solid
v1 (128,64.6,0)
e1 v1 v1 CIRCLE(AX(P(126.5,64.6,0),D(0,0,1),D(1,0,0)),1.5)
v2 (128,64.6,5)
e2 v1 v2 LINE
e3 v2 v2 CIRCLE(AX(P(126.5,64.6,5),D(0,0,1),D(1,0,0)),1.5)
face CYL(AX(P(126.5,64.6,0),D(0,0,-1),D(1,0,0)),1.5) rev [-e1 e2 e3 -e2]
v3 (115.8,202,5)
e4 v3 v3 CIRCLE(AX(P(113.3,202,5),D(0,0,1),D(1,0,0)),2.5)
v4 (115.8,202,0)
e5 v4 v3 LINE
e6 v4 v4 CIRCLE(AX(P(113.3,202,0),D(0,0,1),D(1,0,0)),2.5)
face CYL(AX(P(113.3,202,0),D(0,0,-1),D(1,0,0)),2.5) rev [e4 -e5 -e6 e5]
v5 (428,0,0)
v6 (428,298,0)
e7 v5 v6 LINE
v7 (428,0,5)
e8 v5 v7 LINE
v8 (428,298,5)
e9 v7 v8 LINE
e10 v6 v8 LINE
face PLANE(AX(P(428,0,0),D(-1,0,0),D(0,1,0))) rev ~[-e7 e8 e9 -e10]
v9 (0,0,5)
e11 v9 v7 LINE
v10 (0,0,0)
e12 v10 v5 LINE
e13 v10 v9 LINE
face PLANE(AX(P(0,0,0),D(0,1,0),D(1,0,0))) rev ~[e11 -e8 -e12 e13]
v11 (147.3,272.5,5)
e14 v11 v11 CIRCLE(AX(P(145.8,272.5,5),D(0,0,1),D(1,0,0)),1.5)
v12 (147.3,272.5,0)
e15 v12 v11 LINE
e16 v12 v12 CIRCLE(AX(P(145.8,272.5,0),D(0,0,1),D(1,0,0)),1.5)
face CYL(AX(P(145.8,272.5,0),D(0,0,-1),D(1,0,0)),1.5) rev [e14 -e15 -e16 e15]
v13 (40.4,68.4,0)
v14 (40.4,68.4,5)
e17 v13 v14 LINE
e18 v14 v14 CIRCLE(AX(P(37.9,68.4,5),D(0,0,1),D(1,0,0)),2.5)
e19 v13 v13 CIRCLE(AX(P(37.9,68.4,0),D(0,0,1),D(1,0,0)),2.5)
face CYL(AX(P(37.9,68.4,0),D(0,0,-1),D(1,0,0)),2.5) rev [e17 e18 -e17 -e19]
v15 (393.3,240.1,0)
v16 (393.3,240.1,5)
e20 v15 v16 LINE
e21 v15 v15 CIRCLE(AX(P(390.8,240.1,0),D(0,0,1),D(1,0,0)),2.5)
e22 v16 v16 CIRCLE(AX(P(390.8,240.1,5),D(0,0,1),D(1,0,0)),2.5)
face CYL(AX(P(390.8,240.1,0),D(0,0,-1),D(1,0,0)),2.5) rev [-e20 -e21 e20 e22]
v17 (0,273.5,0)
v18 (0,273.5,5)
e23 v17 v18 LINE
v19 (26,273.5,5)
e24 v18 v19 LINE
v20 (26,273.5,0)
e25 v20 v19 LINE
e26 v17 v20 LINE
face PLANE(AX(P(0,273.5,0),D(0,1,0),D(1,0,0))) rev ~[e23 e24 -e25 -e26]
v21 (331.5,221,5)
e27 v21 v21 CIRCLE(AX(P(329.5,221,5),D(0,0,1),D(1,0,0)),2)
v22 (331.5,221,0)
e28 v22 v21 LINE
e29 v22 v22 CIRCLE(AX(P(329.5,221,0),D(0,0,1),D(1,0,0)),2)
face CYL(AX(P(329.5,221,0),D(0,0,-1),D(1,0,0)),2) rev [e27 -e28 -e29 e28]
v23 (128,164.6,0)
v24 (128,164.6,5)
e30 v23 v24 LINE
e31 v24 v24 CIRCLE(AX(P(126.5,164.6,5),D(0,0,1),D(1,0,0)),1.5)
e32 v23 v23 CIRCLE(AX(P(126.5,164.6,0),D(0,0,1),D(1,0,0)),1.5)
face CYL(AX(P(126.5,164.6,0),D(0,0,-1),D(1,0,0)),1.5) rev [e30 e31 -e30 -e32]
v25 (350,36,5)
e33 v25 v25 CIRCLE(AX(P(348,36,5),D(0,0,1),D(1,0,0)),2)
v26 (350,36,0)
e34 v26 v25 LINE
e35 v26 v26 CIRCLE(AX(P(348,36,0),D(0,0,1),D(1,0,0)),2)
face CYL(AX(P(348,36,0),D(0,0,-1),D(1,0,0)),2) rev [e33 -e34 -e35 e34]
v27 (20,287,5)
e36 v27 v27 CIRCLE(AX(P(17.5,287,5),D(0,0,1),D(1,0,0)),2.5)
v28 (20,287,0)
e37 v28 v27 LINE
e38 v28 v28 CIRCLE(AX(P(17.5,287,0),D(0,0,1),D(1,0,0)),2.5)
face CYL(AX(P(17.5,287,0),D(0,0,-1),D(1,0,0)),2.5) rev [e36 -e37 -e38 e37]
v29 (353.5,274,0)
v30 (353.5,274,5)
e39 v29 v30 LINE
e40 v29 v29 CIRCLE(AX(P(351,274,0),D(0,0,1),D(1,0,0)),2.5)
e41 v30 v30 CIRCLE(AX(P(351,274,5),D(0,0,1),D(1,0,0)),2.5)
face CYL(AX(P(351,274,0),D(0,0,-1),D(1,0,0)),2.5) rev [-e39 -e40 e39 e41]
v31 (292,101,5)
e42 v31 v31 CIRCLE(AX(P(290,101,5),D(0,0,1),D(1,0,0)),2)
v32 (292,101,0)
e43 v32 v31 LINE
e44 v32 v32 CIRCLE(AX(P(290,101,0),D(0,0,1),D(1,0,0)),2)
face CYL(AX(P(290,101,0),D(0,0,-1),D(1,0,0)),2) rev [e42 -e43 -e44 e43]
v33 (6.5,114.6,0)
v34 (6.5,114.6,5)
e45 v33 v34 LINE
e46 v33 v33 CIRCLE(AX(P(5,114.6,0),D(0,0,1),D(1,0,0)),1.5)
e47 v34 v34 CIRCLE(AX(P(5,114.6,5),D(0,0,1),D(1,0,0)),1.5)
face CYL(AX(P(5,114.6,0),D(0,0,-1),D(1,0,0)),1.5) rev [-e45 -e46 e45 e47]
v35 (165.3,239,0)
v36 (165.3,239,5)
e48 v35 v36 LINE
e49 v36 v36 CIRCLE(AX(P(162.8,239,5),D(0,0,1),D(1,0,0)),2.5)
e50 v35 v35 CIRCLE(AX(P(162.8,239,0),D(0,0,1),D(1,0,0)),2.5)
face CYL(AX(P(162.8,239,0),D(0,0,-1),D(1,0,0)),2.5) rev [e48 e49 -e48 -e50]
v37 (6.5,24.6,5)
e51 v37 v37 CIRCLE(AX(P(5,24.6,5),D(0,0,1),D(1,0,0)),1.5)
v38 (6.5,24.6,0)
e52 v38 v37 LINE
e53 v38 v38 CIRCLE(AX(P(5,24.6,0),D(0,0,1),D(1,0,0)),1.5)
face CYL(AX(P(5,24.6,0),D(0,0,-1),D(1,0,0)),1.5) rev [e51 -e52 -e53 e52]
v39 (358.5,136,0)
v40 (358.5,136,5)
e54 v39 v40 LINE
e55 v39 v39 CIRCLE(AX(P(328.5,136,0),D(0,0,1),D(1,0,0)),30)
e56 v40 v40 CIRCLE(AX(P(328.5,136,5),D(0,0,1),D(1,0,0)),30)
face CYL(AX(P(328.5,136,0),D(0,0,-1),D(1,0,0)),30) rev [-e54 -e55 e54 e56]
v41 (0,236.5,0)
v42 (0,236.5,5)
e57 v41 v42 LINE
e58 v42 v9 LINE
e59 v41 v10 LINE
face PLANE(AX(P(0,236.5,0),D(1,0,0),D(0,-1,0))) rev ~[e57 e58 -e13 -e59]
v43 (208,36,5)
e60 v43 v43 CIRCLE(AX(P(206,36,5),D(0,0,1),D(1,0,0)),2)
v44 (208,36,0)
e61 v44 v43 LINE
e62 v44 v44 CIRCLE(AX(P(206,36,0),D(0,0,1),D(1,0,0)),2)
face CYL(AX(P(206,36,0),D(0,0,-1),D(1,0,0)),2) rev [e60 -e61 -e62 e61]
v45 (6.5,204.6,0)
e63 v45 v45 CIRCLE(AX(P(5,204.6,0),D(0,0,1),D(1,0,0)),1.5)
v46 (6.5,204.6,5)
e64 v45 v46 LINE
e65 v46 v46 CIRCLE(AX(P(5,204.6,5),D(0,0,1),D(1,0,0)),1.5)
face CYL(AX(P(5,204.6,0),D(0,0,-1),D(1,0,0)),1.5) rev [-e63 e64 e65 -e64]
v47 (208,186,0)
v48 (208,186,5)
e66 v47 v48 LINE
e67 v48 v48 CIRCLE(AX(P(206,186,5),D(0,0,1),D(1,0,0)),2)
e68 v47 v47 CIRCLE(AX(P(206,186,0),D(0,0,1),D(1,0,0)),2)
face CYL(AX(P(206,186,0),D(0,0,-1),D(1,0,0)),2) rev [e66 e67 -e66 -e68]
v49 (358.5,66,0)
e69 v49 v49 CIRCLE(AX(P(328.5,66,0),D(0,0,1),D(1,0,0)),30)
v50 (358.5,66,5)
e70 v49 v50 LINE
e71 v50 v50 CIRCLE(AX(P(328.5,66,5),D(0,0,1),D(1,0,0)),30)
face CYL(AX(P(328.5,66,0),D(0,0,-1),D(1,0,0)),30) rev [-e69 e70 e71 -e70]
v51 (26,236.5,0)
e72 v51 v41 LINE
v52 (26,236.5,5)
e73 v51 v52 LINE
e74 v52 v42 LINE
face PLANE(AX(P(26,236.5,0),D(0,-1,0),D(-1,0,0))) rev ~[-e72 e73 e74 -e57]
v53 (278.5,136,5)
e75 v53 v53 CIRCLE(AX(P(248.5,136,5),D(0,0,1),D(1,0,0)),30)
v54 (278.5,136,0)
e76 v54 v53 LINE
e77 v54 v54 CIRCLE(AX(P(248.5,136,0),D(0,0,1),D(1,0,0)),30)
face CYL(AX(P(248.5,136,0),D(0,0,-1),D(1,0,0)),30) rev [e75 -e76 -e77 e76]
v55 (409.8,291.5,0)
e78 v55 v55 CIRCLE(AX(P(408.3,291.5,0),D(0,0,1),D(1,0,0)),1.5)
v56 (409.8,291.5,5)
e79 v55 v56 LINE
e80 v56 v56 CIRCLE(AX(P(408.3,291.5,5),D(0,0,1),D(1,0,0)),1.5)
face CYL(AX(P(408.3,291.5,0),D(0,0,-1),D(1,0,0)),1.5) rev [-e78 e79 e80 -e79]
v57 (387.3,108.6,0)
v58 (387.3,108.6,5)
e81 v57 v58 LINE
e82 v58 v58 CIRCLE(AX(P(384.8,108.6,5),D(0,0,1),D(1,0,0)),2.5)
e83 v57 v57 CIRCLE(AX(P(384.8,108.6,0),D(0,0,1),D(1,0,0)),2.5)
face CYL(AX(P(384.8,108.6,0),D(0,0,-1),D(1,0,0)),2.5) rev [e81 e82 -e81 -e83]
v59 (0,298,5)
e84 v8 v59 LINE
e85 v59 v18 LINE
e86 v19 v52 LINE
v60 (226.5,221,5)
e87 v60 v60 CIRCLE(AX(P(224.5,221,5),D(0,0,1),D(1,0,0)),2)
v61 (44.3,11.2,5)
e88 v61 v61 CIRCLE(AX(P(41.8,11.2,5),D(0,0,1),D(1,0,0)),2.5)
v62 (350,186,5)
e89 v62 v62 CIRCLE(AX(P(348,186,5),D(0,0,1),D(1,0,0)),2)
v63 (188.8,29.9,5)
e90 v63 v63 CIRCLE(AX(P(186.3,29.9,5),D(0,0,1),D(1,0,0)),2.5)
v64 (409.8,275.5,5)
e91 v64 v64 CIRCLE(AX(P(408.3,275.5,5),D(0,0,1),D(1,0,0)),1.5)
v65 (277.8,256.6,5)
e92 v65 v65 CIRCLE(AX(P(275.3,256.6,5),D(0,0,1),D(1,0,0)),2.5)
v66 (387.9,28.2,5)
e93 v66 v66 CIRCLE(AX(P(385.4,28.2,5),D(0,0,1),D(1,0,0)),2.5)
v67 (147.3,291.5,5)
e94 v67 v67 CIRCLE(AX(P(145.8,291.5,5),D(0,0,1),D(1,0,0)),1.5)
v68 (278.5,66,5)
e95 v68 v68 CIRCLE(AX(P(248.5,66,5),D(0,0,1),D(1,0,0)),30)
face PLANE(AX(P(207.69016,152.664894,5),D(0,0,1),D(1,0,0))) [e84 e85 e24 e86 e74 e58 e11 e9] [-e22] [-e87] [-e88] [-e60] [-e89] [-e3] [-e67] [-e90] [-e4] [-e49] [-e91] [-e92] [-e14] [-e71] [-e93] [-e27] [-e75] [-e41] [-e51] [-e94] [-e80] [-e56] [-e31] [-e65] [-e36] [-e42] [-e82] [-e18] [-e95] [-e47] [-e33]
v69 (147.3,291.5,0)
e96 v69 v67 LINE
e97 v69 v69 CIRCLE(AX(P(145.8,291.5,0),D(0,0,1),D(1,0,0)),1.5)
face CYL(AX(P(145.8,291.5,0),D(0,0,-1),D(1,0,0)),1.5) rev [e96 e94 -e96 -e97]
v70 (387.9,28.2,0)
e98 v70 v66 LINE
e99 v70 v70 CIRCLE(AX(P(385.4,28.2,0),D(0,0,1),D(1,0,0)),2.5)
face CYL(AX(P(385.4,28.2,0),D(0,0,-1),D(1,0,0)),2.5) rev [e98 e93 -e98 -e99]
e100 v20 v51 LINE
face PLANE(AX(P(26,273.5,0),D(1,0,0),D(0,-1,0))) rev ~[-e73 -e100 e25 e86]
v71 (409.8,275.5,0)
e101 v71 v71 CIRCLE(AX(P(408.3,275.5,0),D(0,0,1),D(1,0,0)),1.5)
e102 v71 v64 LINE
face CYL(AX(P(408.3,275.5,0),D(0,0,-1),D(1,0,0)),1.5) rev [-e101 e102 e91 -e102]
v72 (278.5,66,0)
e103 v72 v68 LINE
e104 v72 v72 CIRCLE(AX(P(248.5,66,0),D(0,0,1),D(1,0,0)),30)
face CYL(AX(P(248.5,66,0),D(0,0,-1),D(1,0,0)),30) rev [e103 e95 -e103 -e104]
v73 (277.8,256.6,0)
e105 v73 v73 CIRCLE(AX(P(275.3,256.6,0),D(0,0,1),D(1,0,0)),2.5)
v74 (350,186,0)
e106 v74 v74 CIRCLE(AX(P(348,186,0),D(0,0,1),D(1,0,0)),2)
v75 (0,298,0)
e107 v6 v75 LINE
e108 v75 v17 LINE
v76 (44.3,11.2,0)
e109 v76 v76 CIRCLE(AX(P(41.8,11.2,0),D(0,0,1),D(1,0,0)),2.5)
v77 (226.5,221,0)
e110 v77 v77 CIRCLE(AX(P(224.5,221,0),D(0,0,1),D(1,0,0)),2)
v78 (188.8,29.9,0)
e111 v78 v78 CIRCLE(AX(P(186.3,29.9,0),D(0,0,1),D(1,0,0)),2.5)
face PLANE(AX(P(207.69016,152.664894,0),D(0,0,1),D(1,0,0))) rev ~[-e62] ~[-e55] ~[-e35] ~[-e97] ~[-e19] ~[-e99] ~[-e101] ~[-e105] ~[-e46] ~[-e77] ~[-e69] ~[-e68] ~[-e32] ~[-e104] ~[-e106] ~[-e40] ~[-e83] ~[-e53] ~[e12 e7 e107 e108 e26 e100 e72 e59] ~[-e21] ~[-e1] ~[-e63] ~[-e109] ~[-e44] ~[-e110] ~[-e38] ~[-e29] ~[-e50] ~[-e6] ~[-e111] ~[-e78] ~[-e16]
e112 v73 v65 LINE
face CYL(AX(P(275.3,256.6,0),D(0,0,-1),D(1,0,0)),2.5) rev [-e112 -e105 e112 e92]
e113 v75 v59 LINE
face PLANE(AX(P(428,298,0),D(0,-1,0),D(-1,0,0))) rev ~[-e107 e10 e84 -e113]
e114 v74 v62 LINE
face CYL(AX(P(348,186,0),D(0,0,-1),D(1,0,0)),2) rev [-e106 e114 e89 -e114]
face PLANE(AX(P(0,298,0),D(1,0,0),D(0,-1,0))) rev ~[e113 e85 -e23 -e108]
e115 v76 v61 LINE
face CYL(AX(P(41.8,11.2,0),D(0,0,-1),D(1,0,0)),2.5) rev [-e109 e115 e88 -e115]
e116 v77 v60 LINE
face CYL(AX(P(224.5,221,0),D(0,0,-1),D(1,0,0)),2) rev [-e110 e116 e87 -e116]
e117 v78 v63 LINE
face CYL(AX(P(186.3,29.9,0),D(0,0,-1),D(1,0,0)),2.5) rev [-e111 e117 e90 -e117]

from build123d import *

# Parameters (mm, degrees)
F0_R     = 2.5
F0_R_2   = 1.5
F0_R_3   = 2
F0_R_4   = 30
F1_DEPTH = 5


with BuildPart() as f1:
    # F0 (on Top) → F1 (new body)
    with BuildSketch(Plane.XY):
        Polygon((428, 298), (0, 298), (0, 273.5), (26, 273.5), (26, 236.5), (0, 236.5), (0, 0), (428, 0), align=None)
        with Locations((41.8, 11.2)):
            Circle(F0_R, mode=Mode.SUBTRACT)
        with Locations((5, 24.6)):
            Circle(F0_R_2, mode=Mode.SUBTRACT)
        with Locations((37.9, 68.4)):
            Circle(F0_R, mode=Mode.SUBTRACT)
        with Locations((186.3, 29.9)):
            Circle(F0_R, mode=Mode.SUBTRACT)
        with Locations((206, 36)):
            Circle(F0_R_3, mode=Mode.SUBTRACT)
        with Locations((126.5, 64.6)):
            Circle(F0_R_2, mode=Mode.SUBTRACT)
        with Locations((5, 114.6)):
            Circle(F0_R_2, mode=Mode.SUBTRACT)
        with Locations((248.5, 66)):
            Circle(F0_R_4, mode=Mode.SUBTRACT)
        with Locations((348, 36)):
            Circle(F0_R_3, mode=Mode.SUBTRACT)
        with Locations((385.4, 28.2)):
            Circle(F0_R, mode=Mode.SUBTRACT)
        with Locations((328.5, 66)):
            Circle(F0_R_4, mode=Mode.SUBTRACT)
        with Locations((290, 101)):
            Circle(F0_R_3, mode=Mode.SUBTRACT)
        with Locations((248.5, 136)):
            Circle(F0_R_4, mode=Mode.SUBTRACT)
        with Locations((384.8, 108.6)):
            Circle(F0_R, mode=Mode.SUBTRACT)
        with Locations((328.5, 136)):
            Circle(F0_R_4, mode=Mode.SUBTRACT)
        with Locations((5, 204.6)):
            Circle(F0_R_2, mode=Mode.SUBTRACT)
        with Locations((126.5, 164.6)):
            Circle(F0_R_2, mode=Mode.SUBTRACT)
        with Locations((206, 186)):
            Circle(F0_R_3, mode=Mode.SUBTRACT)
        with Locations((113.3, 202)):
            Circle(F0_R, mode=Mode.SUBTRACT)
        with Locations((17.5, 287)):
            Circle(F0_R, mode=Mode.SUBTRACT)
        with Locations((162.8, 239)):
            Circle(F0_R, mode=Mode.SUBTRACT)
        with Locations((145.8, 272.5)):
            Circle(F0_R_2, mode=Mode.SUBTRACT)
        with Locations((145.8, 291.5)):
            Circle(F0_R_2, mode=Mode.SUBTRACT)
        with Locations((224.5, 221)):
            Circle(F0_R_3, mode=Mode.SUBTRACT)
        with Locations((348, 186)):
            Circle(F0_R_3, mode=Mode.SUBTRACT)
        with Locations((329.5, 221)):
            Circle(F0_R_3, mode=Mode.SUBTRACT)
        with Locations((275.3, 256.6)):
            Circle(F0_R, mode=Mode.SUBTRACT)
        with Locations((390.8, 240.1)):
            Circle(F0_R, mode=Mode.SUBTRACT)
        with Locations((351, 274)):
            Circle(F0_R, mode=Mode.SUBTRACT)
        with Locations((408.3, 275.5)):
            Circle(F0_R_2, mode=Mode.SUBTRACT)
        with Locations((408.3, 291.5)):
            Circle(F0_R_2, mode=Mode.SUBTRACT)
    extrude(amount=F1_DEPTH)


solid = f1.part
